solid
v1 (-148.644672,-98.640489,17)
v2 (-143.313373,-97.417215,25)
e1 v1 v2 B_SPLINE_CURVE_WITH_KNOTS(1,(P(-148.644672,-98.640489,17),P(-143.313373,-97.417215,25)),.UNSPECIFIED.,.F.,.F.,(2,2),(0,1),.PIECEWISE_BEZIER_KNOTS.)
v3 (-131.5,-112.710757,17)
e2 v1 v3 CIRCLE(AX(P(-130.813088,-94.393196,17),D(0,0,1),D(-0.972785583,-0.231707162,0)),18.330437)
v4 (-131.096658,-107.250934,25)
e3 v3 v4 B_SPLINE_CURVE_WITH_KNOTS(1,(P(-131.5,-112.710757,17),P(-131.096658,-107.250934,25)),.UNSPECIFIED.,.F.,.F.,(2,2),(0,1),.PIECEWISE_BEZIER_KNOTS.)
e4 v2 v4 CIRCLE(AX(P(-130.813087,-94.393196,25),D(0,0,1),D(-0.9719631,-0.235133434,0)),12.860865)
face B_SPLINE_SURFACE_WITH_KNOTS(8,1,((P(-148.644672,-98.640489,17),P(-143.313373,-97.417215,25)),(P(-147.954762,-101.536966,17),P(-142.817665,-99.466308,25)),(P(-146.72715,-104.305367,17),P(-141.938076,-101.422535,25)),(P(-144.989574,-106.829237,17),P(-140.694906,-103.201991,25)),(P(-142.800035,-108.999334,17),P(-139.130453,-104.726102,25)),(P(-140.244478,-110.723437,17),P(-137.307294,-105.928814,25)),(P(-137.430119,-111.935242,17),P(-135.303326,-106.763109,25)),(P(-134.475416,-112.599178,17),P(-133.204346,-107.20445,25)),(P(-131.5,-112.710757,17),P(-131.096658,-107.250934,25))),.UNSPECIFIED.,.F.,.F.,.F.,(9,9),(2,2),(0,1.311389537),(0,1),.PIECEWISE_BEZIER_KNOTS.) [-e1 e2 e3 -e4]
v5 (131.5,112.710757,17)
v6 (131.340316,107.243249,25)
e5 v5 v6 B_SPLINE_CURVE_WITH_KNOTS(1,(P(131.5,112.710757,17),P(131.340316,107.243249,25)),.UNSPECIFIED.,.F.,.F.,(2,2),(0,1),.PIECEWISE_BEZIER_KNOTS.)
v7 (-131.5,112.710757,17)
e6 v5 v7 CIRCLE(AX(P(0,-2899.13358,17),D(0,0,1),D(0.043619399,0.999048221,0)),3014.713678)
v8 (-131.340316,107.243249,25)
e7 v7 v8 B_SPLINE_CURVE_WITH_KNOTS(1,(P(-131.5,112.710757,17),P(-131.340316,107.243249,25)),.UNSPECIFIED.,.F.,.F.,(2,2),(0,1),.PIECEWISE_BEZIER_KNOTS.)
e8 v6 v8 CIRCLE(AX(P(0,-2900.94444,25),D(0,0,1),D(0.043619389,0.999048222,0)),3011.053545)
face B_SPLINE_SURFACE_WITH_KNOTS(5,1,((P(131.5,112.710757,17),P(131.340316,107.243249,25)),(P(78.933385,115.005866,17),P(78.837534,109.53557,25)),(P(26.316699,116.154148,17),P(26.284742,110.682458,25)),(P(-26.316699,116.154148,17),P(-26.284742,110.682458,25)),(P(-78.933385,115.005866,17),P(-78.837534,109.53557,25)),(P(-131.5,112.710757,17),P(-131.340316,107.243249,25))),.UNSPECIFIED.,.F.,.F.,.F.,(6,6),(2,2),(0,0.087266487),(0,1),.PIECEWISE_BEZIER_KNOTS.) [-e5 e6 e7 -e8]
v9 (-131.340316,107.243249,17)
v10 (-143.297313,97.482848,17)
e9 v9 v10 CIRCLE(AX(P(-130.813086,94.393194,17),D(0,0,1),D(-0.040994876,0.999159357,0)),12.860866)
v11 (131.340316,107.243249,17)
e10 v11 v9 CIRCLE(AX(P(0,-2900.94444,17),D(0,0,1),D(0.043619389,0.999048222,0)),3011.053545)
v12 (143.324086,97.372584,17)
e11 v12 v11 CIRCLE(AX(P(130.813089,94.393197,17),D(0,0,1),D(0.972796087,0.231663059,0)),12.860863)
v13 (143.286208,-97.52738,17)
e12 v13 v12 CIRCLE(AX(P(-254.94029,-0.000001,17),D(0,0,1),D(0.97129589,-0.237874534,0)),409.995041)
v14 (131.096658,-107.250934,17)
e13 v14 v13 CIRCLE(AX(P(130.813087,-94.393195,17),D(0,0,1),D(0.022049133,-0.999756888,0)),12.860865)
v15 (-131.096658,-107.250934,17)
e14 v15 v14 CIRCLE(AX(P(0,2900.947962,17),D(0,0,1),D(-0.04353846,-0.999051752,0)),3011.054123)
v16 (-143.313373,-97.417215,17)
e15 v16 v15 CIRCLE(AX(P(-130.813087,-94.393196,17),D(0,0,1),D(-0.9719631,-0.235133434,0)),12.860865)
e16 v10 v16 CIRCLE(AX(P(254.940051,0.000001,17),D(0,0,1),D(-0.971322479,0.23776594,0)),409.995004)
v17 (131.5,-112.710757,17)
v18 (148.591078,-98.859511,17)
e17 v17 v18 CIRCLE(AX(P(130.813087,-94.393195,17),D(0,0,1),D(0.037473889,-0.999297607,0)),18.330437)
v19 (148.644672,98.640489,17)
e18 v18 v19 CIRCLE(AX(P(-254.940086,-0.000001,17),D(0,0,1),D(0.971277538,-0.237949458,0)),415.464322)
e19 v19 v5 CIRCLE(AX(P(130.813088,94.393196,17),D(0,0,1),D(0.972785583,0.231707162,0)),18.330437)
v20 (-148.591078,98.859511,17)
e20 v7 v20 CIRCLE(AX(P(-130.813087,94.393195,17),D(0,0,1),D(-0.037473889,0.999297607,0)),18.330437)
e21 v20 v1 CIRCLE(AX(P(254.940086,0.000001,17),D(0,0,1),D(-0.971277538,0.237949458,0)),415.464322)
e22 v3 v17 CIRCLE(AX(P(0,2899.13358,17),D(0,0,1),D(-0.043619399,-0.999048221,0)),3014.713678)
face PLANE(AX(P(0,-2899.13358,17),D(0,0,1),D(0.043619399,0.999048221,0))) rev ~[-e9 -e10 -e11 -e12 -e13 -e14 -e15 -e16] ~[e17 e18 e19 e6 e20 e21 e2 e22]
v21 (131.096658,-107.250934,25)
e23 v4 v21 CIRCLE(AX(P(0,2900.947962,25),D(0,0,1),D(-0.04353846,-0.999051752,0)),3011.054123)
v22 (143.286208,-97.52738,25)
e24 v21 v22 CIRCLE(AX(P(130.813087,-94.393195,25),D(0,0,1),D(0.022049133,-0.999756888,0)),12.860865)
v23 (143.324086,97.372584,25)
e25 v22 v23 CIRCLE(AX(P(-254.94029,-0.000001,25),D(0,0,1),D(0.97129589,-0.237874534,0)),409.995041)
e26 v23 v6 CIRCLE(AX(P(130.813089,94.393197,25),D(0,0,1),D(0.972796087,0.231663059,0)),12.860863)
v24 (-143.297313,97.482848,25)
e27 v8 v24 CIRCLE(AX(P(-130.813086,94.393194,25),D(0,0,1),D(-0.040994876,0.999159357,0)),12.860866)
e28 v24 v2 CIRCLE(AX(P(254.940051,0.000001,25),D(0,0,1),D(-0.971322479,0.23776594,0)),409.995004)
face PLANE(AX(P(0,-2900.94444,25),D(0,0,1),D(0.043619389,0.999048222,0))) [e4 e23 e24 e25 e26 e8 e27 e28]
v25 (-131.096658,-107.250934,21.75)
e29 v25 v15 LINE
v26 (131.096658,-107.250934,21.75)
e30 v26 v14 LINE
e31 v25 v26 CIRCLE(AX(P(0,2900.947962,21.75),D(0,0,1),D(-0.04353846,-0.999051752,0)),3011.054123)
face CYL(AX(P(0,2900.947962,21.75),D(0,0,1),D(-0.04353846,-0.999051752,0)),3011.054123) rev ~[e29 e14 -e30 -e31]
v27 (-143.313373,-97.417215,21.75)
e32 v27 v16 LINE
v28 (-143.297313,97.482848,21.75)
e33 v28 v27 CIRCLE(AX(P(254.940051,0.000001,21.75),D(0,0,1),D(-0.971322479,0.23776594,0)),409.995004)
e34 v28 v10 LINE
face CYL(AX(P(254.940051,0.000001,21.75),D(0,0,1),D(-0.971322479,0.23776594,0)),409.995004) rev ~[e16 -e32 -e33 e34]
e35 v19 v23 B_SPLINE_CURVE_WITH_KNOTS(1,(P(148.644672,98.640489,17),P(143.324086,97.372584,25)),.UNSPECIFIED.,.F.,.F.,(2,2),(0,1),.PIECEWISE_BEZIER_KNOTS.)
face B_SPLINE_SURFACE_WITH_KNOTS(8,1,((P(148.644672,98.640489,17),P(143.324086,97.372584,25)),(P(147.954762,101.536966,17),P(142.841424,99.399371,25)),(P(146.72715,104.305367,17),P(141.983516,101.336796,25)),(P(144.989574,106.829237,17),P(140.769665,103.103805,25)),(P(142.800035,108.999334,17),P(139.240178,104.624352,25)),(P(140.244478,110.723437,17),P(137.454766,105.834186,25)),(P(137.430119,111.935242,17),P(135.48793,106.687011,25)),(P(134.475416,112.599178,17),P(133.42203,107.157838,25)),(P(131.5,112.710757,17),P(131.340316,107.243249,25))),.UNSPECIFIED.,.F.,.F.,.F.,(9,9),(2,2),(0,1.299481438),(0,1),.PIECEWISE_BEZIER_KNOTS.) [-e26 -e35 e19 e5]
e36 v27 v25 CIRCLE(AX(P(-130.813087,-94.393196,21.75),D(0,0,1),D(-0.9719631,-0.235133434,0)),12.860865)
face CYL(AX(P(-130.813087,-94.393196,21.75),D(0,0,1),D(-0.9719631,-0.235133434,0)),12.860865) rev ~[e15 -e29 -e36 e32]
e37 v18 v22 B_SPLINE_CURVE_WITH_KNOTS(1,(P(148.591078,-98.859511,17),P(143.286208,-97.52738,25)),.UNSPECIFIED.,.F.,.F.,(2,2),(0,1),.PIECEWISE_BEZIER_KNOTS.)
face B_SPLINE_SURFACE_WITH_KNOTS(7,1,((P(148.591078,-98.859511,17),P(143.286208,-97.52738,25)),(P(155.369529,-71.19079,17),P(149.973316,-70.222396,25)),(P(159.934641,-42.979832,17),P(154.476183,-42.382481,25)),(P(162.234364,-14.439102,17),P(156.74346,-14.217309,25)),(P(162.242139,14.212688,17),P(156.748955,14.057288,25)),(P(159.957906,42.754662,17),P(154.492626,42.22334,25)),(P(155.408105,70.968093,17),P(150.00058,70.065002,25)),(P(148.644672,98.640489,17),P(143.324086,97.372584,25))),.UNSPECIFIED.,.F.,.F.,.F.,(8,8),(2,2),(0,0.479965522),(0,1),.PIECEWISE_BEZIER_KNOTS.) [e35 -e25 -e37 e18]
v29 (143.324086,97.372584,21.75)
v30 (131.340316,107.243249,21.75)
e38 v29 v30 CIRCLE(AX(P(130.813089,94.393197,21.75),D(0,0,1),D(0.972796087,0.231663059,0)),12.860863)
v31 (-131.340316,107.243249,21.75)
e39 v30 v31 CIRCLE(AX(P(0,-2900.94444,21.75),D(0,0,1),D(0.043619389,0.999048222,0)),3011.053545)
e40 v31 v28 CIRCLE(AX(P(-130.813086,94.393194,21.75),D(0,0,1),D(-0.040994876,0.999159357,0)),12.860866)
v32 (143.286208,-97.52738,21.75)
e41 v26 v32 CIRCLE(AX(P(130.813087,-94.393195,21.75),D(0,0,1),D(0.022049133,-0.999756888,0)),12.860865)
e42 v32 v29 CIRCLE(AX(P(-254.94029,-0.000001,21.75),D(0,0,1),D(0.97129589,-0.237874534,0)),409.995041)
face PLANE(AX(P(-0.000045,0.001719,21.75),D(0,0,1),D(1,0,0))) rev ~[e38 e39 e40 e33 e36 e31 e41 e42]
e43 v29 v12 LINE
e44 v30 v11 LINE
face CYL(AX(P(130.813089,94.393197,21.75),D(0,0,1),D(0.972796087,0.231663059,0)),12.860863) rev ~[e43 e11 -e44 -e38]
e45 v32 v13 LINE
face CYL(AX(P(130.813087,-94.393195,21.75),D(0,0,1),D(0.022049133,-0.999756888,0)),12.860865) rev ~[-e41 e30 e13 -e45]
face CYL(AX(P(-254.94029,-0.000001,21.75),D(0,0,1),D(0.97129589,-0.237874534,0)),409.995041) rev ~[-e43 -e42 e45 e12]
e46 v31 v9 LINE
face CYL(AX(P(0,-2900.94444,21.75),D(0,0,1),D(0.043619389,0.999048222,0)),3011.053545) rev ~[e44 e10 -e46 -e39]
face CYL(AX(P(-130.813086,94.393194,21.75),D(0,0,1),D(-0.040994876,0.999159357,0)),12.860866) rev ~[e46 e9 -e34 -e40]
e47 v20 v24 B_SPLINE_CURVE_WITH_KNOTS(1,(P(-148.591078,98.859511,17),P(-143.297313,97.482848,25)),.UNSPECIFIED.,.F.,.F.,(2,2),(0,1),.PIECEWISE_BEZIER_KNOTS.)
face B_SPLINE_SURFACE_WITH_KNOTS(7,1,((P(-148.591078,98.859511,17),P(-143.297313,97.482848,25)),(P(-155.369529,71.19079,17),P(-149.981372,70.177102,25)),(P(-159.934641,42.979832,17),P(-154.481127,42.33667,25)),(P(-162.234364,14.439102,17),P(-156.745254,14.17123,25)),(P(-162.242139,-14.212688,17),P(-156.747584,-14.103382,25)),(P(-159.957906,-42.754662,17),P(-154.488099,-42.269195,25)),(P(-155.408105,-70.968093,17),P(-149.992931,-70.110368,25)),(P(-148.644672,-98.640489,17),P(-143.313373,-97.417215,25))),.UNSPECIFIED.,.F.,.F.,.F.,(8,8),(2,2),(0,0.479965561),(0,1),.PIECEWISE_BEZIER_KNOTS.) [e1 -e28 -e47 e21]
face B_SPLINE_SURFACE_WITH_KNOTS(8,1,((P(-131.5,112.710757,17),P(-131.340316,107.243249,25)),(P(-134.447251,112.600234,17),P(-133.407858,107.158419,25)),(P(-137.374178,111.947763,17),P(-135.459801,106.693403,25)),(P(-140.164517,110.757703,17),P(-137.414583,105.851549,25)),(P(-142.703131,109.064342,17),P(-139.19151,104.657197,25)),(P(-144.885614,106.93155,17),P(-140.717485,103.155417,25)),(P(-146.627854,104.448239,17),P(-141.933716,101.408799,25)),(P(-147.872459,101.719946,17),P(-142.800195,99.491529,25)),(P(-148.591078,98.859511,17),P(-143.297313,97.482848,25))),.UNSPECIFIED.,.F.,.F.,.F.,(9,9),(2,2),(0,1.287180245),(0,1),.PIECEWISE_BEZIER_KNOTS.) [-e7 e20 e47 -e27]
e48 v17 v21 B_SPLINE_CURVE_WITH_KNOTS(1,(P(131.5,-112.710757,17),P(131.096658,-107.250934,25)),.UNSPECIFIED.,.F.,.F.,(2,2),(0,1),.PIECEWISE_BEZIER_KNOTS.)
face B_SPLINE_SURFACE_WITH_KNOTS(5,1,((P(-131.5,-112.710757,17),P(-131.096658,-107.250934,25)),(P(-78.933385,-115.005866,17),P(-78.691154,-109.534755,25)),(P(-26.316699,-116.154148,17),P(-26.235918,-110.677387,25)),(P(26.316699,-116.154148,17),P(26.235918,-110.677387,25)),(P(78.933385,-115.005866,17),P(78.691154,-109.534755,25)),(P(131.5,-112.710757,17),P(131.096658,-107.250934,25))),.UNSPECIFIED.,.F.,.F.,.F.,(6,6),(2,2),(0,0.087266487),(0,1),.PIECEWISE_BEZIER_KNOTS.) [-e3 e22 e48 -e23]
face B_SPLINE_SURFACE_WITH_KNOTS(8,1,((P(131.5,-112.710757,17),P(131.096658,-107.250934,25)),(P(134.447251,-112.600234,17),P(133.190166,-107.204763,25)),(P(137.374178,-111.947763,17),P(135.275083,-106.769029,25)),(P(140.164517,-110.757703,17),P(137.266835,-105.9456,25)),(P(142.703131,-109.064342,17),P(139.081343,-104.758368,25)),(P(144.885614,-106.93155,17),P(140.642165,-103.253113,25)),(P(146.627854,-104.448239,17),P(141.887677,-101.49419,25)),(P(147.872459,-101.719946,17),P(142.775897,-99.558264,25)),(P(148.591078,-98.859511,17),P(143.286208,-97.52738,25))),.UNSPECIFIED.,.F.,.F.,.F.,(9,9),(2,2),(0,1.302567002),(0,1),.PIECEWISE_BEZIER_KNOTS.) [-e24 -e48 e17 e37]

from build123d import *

# Parameters (mm, degrees)
PAD042_DEPTH = 4.75


with BuildPart() as case1:
    # Sketch042 → Pad042 (new body)
    with BuildSketch(Plane.XY.offset(21.75)):
        with BuildLine():
            ThreePointArc((131.340316, 107.243249), (0, 110.109105), (-131.340316, 107.243249))
            ThreePointArc((-131.340316, 107.243249), (-138.945789, 104.356177), (-143.297313, 97.482848))
            ThreePointArc((-143.297313, 97.482848), (-155.054952, 0.033785), (-143.313373, -97.417215))
            ThreePointArc((-143.313373, -97.417215), (-138.877345, -104.411658), (-131.096658, -107.250934))
            ThreePointArc((-131.096658, -107.250934), (0, -110.106161), (131.096658, -107.250934))
            ThreePointArc((131.096658, -107.250934), (138.833073, -104.447134), (143.286208, -97.52738))
            ThreePointArc((143.286208, -97.52738), (155.054743, -0.079681), (143.324086, 97.372584))
            ThreePointArc((143.324086, 97.372584), (138.989661, 104.320204), (131.340316, 107.243249))
        make_face()
    extrude(amount=-PAD042_DEPTH)


with BuildPart() as case_bottom_plane:
    # Sketch040 → Loft002 section 0
    with BuildSketch(Plane.XY.offset(17)):
        with BuildLine():
            ThreePointArc((131.5, 112.710757), (0, 115.580098), (-131.5, 112.710757))
            ThreePointArc((-131.5, 112.710757), (-142.354422, 108.63407), (-148.591078, 98.859511))
            ThreePointArc((-148.591078, 98.859511), (-160.524221, 0.112742), (-148.644672, -98.640489))
            ThreePointArc((-148.644672, -98.640489), (-142.441793, -108.562815), (-131.5, -112.710757))
            ThreePointArc((-131.5, -112.710757), (0, -115.580098), (131.5, -112.710757))
            ThreePointArc((131.5, -112.710757), (142.354422, -108.63407), (148.591078, -98.859511))
            ThreePointArc((148.591078, -98.859511), (160.524221, -0.112742), (148.644672, 98.640489))
            ThreePointArc((148.644672, 98.640489), (142.441793, 108.562815), (131.5, 112.710757))
        make_face()
    # Sketch041 → Loft002 section 1
    with BuildSketch(Plane.XY.offset(25)):
        with BuildLine():
            ThreePointArc((131.340316, 107.243249), (0, 110.109105), (-131.340316, 107.243249))
            ThreePointArc((-131.340316, 107.243249), (-138.945789, 104.356177), (-143.297313, 97.482848))
            ThreePointArc((-143.297313, 97.482848), (-155.054952, 0.033785), (-143.313373, -97.417215))
            ThreePointArc((-143.313373, -97.417215), (-138.877345, -104.411658), (-131.096658, -107.250934))
            ThreePointArc((-131.096658, -107.250934), (0, -110.106161), (131.096658, -107.250934))
            ThreePointArc((131.096658, -107.250934), (138.833073, -104.447134), (143.286208, -97.52738))
            ThreePointArc((143.286208, -97.52738), (155.054743, -0.079681), (143.324086, 97.372584))
            ThreePointArc((143.324086, 97.372584), (138.989661, 104.320204), (131.340316, 107.243249))
        make_face()
    loft()

    # Cut002: cut CASE1
    add(case1.part, mode=Mode.SUBTRACT)


solid = case_bottom_plane.part
